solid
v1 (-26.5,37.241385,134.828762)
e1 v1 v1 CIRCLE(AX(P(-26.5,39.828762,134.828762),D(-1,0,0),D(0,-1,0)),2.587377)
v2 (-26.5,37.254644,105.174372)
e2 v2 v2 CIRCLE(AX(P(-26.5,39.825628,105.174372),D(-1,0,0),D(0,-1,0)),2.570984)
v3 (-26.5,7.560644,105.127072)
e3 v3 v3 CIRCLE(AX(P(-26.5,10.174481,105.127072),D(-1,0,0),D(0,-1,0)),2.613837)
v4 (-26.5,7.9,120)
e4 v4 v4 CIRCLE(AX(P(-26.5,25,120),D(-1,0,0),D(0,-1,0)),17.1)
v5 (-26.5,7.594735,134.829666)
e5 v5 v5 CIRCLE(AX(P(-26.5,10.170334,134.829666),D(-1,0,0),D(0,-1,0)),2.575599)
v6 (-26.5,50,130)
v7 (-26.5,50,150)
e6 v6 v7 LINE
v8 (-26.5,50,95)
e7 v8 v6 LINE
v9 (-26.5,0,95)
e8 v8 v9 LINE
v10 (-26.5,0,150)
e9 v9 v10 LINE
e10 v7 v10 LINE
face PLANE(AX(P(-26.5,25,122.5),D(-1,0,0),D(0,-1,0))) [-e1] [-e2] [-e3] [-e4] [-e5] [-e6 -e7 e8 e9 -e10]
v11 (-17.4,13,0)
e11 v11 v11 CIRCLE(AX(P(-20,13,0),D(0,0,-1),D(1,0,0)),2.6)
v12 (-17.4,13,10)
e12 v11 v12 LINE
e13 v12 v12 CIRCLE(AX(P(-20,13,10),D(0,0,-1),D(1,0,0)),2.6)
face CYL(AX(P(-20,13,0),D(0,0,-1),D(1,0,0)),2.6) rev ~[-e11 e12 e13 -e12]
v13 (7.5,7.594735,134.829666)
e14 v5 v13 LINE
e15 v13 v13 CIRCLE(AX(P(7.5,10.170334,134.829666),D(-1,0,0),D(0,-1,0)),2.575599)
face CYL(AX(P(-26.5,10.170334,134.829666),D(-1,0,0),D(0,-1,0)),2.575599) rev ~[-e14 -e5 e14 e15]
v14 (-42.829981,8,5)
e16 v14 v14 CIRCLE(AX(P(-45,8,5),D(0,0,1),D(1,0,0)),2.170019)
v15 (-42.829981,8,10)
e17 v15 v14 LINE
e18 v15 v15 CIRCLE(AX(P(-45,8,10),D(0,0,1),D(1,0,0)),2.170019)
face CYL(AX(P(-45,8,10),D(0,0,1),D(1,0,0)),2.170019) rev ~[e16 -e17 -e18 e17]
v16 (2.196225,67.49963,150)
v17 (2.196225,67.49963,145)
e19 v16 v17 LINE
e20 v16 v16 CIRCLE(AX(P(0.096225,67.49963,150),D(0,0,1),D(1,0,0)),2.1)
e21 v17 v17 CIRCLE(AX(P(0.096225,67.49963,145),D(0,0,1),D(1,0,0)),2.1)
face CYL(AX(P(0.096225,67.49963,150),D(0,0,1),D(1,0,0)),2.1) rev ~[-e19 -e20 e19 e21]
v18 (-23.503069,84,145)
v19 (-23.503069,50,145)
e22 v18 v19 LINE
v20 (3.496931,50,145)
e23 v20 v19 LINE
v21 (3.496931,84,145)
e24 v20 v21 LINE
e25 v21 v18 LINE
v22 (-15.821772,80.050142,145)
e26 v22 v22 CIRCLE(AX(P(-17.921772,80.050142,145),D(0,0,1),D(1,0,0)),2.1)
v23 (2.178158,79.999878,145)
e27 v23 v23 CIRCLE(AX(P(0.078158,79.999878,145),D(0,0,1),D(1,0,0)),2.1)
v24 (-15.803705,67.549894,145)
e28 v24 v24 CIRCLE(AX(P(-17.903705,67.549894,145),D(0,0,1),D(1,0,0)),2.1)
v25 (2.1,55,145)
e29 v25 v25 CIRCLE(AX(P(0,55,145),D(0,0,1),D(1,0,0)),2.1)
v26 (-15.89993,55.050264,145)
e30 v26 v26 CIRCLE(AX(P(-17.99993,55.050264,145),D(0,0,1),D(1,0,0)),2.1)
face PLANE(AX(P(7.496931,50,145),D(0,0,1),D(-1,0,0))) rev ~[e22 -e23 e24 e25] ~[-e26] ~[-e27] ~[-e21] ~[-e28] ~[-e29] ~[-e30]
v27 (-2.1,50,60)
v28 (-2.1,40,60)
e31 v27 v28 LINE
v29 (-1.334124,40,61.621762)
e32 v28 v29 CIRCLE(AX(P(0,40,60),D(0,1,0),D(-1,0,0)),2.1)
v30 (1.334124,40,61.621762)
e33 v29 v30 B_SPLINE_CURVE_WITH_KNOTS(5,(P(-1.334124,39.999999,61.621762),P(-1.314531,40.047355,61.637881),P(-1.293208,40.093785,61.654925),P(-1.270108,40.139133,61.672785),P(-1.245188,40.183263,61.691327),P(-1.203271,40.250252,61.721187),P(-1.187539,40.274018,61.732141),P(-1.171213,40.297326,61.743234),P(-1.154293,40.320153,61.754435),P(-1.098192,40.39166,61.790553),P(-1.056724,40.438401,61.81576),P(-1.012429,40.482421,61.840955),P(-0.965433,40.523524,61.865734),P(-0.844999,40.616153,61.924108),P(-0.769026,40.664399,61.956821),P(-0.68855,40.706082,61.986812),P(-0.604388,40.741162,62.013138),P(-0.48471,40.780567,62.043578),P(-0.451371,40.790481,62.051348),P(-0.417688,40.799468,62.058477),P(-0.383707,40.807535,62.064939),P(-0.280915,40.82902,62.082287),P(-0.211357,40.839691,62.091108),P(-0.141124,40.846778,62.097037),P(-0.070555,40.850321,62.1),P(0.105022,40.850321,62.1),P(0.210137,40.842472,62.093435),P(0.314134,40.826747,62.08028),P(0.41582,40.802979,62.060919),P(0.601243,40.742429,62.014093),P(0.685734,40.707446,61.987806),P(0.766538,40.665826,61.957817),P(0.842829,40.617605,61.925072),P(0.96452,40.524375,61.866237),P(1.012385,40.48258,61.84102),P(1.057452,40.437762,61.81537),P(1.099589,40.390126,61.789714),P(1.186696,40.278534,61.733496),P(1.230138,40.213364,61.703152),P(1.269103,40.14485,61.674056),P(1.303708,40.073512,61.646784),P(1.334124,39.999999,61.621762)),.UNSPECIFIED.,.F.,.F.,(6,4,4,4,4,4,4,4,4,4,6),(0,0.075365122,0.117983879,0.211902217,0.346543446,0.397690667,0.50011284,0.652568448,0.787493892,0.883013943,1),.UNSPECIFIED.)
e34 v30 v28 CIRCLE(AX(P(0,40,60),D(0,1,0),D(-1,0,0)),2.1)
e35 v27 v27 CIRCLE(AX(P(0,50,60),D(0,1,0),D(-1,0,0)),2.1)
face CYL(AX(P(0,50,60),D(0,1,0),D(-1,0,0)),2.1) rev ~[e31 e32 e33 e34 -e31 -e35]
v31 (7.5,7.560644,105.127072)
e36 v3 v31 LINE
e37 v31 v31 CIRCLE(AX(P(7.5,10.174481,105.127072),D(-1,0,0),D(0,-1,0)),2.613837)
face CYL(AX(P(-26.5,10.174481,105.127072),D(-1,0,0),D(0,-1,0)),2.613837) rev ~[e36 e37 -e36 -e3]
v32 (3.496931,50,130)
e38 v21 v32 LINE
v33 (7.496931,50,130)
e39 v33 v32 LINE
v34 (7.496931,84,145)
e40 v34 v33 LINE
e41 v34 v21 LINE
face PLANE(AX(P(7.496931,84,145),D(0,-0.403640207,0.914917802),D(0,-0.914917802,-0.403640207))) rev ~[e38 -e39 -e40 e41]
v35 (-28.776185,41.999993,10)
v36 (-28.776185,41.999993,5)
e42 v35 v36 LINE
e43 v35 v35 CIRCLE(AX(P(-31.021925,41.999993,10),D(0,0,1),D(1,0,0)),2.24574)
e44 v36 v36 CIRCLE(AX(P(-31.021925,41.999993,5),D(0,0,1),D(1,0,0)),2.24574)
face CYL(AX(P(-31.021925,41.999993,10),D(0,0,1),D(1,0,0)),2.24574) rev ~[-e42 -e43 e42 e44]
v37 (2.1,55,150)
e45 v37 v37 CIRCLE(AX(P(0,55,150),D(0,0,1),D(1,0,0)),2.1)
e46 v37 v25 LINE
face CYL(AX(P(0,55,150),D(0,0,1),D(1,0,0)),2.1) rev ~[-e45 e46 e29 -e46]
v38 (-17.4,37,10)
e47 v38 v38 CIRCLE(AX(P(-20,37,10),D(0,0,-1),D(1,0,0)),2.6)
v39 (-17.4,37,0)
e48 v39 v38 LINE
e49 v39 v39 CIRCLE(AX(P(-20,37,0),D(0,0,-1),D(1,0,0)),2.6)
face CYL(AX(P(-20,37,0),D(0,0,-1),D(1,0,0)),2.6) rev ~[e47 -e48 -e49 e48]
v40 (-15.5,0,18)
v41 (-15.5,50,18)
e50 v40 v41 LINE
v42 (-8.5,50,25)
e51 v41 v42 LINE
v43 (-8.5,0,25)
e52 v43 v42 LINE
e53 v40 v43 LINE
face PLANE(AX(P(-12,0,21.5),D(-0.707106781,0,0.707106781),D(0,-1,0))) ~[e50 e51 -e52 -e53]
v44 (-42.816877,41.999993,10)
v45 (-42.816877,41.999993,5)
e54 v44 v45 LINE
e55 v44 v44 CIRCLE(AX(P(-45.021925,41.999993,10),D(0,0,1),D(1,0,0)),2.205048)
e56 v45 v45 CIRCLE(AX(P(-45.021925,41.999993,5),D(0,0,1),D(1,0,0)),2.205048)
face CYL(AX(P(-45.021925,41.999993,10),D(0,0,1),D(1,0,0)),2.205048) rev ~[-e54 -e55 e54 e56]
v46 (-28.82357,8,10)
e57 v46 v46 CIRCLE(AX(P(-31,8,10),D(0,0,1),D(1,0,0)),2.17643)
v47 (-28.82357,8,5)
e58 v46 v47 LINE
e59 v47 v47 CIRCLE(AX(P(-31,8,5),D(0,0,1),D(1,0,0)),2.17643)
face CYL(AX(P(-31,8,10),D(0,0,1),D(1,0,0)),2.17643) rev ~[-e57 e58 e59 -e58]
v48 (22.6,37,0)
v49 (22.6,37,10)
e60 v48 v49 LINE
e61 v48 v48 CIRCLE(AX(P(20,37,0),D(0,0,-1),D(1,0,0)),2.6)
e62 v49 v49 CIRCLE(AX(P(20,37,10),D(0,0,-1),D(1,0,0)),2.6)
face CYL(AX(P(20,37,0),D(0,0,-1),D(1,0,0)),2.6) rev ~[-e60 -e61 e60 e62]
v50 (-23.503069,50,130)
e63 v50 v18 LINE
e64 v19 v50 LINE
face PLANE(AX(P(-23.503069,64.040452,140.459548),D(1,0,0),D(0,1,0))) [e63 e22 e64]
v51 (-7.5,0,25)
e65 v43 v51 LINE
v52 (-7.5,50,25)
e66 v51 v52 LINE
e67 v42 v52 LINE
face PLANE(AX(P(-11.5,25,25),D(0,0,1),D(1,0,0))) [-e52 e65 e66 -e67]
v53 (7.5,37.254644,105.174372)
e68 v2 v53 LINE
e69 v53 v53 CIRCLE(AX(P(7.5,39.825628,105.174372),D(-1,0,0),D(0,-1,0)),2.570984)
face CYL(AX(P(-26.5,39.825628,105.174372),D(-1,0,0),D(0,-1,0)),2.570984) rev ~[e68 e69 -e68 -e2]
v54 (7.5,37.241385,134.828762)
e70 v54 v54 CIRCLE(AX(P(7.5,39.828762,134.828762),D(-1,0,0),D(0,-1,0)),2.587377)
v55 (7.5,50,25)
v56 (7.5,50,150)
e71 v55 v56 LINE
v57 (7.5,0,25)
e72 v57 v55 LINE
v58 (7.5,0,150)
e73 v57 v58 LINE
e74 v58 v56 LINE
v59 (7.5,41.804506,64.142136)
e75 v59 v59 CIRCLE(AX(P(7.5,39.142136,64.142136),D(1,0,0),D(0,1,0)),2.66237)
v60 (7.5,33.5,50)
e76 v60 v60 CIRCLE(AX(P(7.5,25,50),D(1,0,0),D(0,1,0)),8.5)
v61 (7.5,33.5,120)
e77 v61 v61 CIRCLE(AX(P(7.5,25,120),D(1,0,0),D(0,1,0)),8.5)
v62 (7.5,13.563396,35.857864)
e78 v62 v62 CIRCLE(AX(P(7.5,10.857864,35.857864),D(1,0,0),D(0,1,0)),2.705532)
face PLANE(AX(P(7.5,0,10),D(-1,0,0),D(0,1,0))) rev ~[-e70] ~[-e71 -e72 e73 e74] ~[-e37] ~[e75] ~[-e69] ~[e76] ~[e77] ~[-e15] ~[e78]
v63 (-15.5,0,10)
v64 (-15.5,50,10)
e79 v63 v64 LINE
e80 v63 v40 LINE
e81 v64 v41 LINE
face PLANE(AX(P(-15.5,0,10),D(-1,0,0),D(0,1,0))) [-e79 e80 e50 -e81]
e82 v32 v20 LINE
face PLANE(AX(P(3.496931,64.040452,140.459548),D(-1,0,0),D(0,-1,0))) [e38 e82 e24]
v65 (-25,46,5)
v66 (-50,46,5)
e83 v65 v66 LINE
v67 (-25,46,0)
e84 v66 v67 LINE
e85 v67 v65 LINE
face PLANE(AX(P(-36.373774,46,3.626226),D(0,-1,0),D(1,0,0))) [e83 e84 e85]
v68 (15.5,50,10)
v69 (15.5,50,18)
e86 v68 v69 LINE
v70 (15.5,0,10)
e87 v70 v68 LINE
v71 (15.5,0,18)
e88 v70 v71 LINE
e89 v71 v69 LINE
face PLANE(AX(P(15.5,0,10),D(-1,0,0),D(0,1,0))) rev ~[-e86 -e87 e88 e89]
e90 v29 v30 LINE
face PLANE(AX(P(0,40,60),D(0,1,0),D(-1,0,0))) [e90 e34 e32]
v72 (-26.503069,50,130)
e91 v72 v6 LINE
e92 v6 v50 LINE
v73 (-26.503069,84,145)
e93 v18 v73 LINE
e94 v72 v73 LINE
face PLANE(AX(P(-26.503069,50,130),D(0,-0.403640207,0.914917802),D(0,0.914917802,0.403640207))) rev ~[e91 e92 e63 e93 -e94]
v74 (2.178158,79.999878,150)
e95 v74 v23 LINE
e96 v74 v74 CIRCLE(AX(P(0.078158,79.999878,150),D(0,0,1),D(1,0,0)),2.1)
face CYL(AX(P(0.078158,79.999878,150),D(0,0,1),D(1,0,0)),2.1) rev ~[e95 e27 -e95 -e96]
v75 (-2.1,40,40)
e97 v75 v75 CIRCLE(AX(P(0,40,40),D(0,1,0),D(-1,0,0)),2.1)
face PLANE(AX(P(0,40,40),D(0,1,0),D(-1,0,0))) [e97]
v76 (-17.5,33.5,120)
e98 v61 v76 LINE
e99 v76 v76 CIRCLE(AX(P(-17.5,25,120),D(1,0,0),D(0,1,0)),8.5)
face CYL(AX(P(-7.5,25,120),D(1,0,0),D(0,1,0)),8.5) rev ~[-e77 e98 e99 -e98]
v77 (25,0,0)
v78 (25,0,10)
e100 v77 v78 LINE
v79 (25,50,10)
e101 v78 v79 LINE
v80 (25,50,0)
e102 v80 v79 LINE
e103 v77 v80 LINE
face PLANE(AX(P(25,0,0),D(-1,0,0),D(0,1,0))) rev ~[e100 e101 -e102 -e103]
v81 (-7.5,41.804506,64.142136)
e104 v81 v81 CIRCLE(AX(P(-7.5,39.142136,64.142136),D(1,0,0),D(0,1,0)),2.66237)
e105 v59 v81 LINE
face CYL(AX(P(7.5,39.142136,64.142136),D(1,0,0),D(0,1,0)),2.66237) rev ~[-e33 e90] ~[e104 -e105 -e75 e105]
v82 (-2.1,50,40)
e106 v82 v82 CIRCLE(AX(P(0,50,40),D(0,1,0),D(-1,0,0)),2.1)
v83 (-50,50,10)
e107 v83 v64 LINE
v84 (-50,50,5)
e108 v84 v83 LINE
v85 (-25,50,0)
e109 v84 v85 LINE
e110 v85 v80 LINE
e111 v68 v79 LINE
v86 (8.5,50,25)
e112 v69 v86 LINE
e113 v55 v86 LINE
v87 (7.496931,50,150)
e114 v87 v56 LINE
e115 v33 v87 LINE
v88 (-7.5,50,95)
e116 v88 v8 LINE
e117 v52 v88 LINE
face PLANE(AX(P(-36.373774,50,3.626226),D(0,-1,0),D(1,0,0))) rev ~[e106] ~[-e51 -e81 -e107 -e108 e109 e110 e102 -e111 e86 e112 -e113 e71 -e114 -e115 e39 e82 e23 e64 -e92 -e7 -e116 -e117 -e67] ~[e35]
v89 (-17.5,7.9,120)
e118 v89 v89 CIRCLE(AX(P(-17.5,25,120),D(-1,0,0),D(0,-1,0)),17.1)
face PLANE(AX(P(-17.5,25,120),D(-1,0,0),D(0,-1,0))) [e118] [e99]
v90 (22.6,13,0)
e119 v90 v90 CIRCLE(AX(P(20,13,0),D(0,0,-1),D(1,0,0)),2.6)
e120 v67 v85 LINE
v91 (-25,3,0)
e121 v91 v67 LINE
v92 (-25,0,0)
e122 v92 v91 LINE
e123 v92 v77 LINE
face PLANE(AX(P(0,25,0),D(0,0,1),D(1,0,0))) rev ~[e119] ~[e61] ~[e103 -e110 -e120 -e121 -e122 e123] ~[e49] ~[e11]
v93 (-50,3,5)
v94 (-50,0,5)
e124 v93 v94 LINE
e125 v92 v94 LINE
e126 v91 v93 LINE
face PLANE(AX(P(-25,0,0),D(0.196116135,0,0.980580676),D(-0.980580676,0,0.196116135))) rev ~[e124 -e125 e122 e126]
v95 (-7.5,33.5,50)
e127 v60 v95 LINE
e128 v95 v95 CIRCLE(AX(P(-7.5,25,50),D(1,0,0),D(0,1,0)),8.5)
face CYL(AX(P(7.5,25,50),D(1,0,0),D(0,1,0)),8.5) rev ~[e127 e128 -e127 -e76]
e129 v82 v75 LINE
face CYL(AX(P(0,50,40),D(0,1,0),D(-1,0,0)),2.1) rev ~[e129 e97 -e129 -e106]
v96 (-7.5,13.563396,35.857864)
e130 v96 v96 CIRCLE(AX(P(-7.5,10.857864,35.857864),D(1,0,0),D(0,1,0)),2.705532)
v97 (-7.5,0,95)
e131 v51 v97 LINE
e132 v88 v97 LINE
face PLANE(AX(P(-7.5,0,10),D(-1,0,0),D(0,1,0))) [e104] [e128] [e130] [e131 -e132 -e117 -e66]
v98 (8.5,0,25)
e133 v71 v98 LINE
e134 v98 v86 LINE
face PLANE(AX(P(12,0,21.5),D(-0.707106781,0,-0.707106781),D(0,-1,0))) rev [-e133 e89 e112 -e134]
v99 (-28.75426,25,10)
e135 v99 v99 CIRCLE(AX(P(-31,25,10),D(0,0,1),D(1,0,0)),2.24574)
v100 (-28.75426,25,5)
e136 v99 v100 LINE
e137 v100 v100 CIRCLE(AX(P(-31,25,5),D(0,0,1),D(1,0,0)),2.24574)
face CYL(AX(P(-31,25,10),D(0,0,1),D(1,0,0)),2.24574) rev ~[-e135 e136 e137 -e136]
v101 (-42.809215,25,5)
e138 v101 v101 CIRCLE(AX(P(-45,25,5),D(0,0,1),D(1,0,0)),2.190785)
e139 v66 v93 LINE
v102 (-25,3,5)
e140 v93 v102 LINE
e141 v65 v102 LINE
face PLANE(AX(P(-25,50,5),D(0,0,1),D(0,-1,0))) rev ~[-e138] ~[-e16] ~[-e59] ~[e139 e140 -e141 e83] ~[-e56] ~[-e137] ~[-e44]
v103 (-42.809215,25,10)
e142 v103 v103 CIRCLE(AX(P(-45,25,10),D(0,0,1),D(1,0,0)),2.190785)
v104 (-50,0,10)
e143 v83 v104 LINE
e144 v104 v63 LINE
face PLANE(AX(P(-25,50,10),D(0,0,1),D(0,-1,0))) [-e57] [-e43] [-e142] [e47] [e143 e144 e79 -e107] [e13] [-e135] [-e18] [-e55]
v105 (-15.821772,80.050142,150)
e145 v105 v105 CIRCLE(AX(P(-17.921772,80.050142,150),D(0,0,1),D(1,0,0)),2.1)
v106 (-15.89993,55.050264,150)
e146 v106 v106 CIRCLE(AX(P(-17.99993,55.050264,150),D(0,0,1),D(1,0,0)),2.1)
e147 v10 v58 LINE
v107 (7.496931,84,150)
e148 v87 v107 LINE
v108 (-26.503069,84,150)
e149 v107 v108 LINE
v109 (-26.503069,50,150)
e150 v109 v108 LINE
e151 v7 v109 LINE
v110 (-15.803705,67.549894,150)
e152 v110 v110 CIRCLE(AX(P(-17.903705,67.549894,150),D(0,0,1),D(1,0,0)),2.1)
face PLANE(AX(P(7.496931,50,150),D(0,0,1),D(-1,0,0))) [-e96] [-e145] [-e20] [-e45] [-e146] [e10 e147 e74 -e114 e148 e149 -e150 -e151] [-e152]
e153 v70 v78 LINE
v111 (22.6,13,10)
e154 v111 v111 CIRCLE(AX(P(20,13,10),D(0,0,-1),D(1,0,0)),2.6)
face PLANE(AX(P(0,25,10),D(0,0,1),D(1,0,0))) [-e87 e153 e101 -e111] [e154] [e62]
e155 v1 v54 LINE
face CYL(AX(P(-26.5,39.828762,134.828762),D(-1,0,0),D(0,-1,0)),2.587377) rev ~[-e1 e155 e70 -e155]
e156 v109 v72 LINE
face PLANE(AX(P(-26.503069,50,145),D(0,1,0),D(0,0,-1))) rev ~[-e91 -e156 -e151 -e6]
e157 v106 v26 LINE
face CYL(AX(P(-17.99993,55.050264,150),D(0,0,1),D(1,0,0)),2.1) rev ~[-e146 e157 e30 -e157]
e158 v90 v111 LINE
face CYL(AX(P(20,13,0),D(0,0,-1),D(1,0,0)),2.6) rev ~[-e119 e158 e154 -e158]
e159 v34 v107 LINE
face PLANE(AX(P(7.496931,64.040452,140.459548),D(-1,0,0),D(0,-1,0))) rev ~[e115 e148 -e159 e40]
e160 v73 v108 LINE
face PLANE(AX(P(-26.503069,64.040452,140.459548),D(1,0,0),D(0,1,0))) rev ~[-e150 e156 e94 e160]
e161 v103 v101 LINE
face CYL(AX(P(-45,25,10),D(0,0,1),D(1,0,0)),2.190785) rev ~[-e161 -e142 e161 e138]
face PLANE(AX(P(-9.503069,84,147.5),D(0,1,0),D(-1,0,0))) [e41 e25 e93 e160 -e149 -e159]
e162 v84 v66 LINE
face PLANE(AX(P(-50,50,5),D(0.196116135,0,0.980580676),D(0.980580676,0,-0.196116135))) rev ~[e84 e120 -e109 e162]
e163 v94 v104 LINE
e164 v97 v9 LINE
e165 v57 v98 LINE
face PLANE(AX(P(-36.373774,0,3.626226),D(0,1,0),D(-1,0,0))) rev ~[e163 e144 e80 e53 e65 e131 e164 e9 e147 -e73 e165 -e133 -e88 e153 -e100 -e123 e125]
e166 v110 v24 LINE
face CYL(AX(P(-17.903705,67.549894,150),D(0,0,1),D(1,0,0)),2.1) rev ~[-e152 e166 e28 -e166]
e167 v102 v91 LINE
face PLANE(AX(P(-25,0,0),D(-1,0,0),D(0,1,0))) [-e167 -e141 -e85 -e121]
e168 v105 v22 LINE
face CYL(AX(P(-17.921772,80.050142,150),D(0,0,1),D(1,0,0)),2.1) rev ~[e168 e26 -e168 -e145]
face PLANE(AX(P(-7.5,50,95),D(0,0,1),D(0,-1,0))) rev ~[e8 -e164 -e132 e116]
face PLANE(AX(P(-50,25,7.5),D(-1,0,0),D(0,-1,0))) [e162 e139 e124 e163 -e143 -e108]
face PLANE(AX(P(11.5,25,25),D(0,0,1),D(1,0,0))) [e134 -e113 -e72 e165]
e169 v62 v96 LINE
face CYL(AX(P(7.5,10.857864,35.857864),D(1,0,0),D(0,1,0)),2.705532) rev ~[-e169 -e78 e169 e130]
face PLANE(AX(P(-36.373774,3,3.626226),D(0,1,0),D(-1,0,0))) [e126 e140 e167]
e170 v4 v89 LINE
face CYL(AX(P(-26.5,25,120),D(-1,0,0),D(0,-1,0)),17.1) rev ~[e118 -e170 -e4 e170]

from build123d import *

# Parameters (mm, degrees)
SKETCH_W        = 50
SKETCH_H        = 50
PAD_DEPTH       = 10
SKETCH001_W     = 15
SKETCH001_H     = 50
PAD001_DEPTH    = 140
SKETCH004_R     = 2.6
POCKET002_DEPTH = 10
SKETCH005_R     = 8.5
SKETCH005_R_2   = 2.66237
SKETCH005_R_3   = 2.705532
POCKET_DEPTH    = 15
SKETCH006_W     = 50
SKETCH006_H     = 55
PAD002_DEPTH    = 19
SKETCH009_W     = 8
SKETCH009_H     = 50
PAD003_DEPTH    = 15
SKETCH010_R     = 8.5
POCKET003_DEPTH = 65
SKETCH011_R     = 17.1
POCKET004_DEPTH = 9
SKETCH012_R     = 2.570984
SKETCH012_R_2   = 2.587377
SKETCH012_R_3   = 2.575599
SKETCH012_R_4   = 2.613837
POCKET005_DEPTH = 65
CHAMFER_SIZE    = 7
CHAMFER001_SIZE = 7
SKETCH014_R     = 2.1
POCKET007_DEPTH = 10
SKETCH015_W     = 34
SKETCH015_H     = 5
PAD004_DEPTH    = 34
PAD005_DEPTH    = 4
PAD006_DEPTH    = 3
SKETCH018_R     = 2.1
POCKET008_DEPTH = 5
SKETCH019_W     = 50
SKETCH019_H     = 5
PAD007_DEPTH    = 25
PAD008_DEPTH    = 4
PAD009_DEPTH    = 3
SKETCH022_R     = 2.205048
SKETCH022_R_2   = 2.190785
SKETCH022_R_3   = 2.170019
SKETCH022_R_4   = 2.17643
SKETCH022_R_5   = 2.24574
POCKET009_DEPTH = 5


with BuildPart() as part:
    # Sketch → Pad (new body)
    with BuildSketch(Plane.XY):
        with Locations((0, 25)):
            Rectangle(SKETCH_W, SKETCH_H)
    extrude(amount=PAD_DEPTH)

    # Sketch001 (on Face6 of Pad) → Pad001 (join)
    with BuildSketch(Plane.XY.offset(10)):
        with Locations((0, 25)):
            Rectangle(SKETCH001_W, SKETCH001_H)
    extrude(amount=PAD001_DEPTH)

    # Sketch004 → Pocket002 (cut)
    with BuildSketch(Plane(origin=(0, 0, 0), x_dir=(1, 0, 0), z_dir=(0, 0, -1))):
        with Locations((-20, -13)):
            Circle(SKETCH004_R)
        with Locations((20, -13)):
            Circle(SKETCH004_R)
        with Locations((-20, -37)):
            Circle(SKETCH004_R)
        with Locations((20, -37)):
            Circle(SKETCH004_R)
    extrude(amount=-POCKET002_DEPTH, mode=Mode.SUBTRACT)

    # Sketch005 (on Face14 of Pocket002) → Pocket (cut)
    with BuildSketch(Plane.YZ.offset(7.5)):
        with Locations((25, 50)):
            Circle(SKETCH005_R)
        with Locations((25, 120)):
            Circle(SKETCH005_R)
        with Locations((39.142136, 64.142136)):
            Circle(SKETCH005_R_2)
        with Locations((10.857864, 35.857864)):
            Circle(SKETCH005_R_3)
    extrude(amount=-POCKET_DEPTH, mode=Mode.SUBTRACT)

    # Sketch006 (on Face13 of Pocket) → Pad002 (join)
    with BuildSketch(Plane(origin=(-7.5, 0, 0), x_dir=(0, -1, 0), z_dir=(-1, 0, 0))):
        with Locations((-25, 122.5)):
            Rectangle(SKETCH006_W, SKETCH006_H)
    extrude(amount=PAD002_DEPTH)

    # Sketch009 → Pad003 (join)
    with BuildSketch(Plane.XY.offset(10)):
        with Locations((11.5, 25)):
            Rectangle(SKETCH009_W, SKETCH009_H)
        with Locations((-11.5, 25)):
            Rectangle(SKETCH009_W, SKETCH009_H)
    extrude(amount=PAD003_DEPTH)

    # Sketch010 (on Face34 of Pad003) → Pocket003 (cut)
    with BuildSketch(Plane.YZ.offset(-7.5)):
        with Locations((25, 120)):
            Circle(SKETCH010_R)
    extrude(amount=-POCKET003_DEPTH, mode=Mode.SUBTRACT)

    # Sketch011 (on DatumPlane) → Pocket004 (cut)
    with BuildSketch(Plane(origin=(-26.5, 0, 0), x_dir=(0, -1, 0), z_dir=(-1, 0, 0))):
        with Locations((-25, 120)):
            Circle(SKETCH011_R)
    extrude(amount=-POCKET004_DEPTH, mode=Mode.SUBTRACT)

    # Sketch012 (on DatumPlane) → Pocket005 (cut)
    with BuildSketch(Plane(origin=(-26.5, 0, 0), x_dir=(0, -1, 0), z_dir=(-1, 0, 0))):
        with Locations((-39.825628, 105.174372)):
            Circle(SKETCH012_R)
        with Locations((-39.828762, 134.828762)):
            Circle(SKETCH012_R_2)
        with Locations((-10.170334, 134.829666)):
            Circle(SKETCH012_R_3)
        with Locations((-10.174481, 105.127072)):
            Circle(SKETCH012_R_4)
    extrude(amount=-POCKET005_DEPTH, mode=Mode.SUBTRACT)

    # Chamfer
    chamfer_edges = [part.edges().sort_by_distance(p)[0] for p in [
        (15.5, 25, 25),
    ]]
    chamfer(chamfer_edges, length=CHAMFER_SIZE)

    # Chamfer001
    chamfer001_edges = [part.edges().sort_by_distance(p)[0] for p in [
        (-15.5, 25, 25),
    ]]
    chamfer(chamfer001_edges, length=CHAMFER001_SIZE)

    # Sketch014 → Pocket007 (cut)
    with BuildSketch(Plane(origin=(0, 50, 0), x_dir=(-1, 0, 0), z_dir=(0, 1, 0))):
        with Locations((0, 60)):
            Circle(SKETCH014_R)
        with Locations((0, 40)):
            Circle(SKETCH014_R)
    extrude(amount=-POCKET007_DEPTH, mode=Mode.SUBTRACT)

    # Sketch015 (on DatumPlane) → Pad004 (join)
    with BuildSketch(Plane(origin=(0, 50, 0), x_dir=(-1, 0, 0), z_dir=(0, 1, 0))):
        with Locations((9.503069, 147.5)):
            Rectangle(SKETCH015_W, SKETCH015_H)
    extrude(amount=PAD004_DEPTH)

    # Sketch016 (on DatumPlane) → Pad005 (join)
    with BuildSketch(Plane.YZ.offset(7.496931)):
        Polygon((50, 145), (84, 145), (50, 130), align=None)
    extrude(amount=-PAD005_DEPTH)

    # Sketch017 (on DatumPlane) → Pad006 (join)
    with BuildSketch(Plane(origin=(-26.503069, 0, 0), x_dir=(0, -1, 0), z_dir=(-1, 0, 0))):
        Polygon((-84, 145), (-50, 145), (-50, 130), align=None)
    extrude(amount=-PAD006_DEPTH)

    # Sketch018 (on Face38 of Pad006) → Pocket008 (cut)
    with BuildSketch(Plane.XY.offset(150)):
        with Locations((-17.921772, 80.050142)):
            Circle(SKETCH018_R)
        with Locations((-17.903705, 67.549894)):
            Circle(SKETCH018_R)
        with Locations((-17.99993, 55.050264)):
            Circle(SKETCH018_R)
        with Locations((0.078158, 79.999878)):
            Circle(SKETCH018_R)
        with Locations((0.096225, 67.49963)):
            Circle(SKETCH018_R)
        with Locations((0, 55)):
            Circle(SKETCH018_R)
    extrude(amount=-POCKET008_DEPTH, mode=Mode.SUBTRACT)

    # Sketch019 (on DatumPlane) → Pad007 (join)
    with BuildSketch(Plane(origin=(-25, 0, 0), x_dir=(0, -1, 0), z_dir=(-1, 0, 0))):
        with Locations((-25, 7.5)):
            Rectangle(SKETCH019_W, SKETCH019_H)
    extrude(amount=PAD007_DEPTH)

    # Sketch020 (on DatumPlane) → Pad008 (join)
    with BuildSketch(Plane(origin=(0, 50, 0), x_dir=(-1, 0, 0), z_dir=(0, 1, 0))):
        Polygon((25, 0), (25, 5), (50, 5), align=None)
    extrude(amount=-PAD008_DEPTH)

    # Sketch021 (on DatumPlane) → Pad009 (join)
    with BuildSketch(Plane.XZ):
        Polygon((-50, 5), (-25, 5), (-25, 0), align=None)
    extrude(amount=-PAD009_DEPTH)

    # Sketch022 (on Face21 of Pad009) → Pocket009 (cut)
    with BuildSketch(Plane.XY.offset(10)):
        with Locations((-45.021925, 41.999993)):
            Circle(SKETCH022_R)
        with Locations((-45, 25)):
            Circle(SKETCH022_R_2)
        with Locations((-45, 8)):
            Circle(SKETCH022_R_3)
        with Locations((-31, 8)):
            Circle(SKETCH022_R_4)
        with Locations((-31, 25)):
            Circle(SKETCH022_R_5)
        with Locations((-31.021925, 41.999993)):
            Circle(SKETCH022_R_5)
    extrude(amount=-POCKET009_DEPTH, mode=Mode.SUBTRACT)


solid = part.part
